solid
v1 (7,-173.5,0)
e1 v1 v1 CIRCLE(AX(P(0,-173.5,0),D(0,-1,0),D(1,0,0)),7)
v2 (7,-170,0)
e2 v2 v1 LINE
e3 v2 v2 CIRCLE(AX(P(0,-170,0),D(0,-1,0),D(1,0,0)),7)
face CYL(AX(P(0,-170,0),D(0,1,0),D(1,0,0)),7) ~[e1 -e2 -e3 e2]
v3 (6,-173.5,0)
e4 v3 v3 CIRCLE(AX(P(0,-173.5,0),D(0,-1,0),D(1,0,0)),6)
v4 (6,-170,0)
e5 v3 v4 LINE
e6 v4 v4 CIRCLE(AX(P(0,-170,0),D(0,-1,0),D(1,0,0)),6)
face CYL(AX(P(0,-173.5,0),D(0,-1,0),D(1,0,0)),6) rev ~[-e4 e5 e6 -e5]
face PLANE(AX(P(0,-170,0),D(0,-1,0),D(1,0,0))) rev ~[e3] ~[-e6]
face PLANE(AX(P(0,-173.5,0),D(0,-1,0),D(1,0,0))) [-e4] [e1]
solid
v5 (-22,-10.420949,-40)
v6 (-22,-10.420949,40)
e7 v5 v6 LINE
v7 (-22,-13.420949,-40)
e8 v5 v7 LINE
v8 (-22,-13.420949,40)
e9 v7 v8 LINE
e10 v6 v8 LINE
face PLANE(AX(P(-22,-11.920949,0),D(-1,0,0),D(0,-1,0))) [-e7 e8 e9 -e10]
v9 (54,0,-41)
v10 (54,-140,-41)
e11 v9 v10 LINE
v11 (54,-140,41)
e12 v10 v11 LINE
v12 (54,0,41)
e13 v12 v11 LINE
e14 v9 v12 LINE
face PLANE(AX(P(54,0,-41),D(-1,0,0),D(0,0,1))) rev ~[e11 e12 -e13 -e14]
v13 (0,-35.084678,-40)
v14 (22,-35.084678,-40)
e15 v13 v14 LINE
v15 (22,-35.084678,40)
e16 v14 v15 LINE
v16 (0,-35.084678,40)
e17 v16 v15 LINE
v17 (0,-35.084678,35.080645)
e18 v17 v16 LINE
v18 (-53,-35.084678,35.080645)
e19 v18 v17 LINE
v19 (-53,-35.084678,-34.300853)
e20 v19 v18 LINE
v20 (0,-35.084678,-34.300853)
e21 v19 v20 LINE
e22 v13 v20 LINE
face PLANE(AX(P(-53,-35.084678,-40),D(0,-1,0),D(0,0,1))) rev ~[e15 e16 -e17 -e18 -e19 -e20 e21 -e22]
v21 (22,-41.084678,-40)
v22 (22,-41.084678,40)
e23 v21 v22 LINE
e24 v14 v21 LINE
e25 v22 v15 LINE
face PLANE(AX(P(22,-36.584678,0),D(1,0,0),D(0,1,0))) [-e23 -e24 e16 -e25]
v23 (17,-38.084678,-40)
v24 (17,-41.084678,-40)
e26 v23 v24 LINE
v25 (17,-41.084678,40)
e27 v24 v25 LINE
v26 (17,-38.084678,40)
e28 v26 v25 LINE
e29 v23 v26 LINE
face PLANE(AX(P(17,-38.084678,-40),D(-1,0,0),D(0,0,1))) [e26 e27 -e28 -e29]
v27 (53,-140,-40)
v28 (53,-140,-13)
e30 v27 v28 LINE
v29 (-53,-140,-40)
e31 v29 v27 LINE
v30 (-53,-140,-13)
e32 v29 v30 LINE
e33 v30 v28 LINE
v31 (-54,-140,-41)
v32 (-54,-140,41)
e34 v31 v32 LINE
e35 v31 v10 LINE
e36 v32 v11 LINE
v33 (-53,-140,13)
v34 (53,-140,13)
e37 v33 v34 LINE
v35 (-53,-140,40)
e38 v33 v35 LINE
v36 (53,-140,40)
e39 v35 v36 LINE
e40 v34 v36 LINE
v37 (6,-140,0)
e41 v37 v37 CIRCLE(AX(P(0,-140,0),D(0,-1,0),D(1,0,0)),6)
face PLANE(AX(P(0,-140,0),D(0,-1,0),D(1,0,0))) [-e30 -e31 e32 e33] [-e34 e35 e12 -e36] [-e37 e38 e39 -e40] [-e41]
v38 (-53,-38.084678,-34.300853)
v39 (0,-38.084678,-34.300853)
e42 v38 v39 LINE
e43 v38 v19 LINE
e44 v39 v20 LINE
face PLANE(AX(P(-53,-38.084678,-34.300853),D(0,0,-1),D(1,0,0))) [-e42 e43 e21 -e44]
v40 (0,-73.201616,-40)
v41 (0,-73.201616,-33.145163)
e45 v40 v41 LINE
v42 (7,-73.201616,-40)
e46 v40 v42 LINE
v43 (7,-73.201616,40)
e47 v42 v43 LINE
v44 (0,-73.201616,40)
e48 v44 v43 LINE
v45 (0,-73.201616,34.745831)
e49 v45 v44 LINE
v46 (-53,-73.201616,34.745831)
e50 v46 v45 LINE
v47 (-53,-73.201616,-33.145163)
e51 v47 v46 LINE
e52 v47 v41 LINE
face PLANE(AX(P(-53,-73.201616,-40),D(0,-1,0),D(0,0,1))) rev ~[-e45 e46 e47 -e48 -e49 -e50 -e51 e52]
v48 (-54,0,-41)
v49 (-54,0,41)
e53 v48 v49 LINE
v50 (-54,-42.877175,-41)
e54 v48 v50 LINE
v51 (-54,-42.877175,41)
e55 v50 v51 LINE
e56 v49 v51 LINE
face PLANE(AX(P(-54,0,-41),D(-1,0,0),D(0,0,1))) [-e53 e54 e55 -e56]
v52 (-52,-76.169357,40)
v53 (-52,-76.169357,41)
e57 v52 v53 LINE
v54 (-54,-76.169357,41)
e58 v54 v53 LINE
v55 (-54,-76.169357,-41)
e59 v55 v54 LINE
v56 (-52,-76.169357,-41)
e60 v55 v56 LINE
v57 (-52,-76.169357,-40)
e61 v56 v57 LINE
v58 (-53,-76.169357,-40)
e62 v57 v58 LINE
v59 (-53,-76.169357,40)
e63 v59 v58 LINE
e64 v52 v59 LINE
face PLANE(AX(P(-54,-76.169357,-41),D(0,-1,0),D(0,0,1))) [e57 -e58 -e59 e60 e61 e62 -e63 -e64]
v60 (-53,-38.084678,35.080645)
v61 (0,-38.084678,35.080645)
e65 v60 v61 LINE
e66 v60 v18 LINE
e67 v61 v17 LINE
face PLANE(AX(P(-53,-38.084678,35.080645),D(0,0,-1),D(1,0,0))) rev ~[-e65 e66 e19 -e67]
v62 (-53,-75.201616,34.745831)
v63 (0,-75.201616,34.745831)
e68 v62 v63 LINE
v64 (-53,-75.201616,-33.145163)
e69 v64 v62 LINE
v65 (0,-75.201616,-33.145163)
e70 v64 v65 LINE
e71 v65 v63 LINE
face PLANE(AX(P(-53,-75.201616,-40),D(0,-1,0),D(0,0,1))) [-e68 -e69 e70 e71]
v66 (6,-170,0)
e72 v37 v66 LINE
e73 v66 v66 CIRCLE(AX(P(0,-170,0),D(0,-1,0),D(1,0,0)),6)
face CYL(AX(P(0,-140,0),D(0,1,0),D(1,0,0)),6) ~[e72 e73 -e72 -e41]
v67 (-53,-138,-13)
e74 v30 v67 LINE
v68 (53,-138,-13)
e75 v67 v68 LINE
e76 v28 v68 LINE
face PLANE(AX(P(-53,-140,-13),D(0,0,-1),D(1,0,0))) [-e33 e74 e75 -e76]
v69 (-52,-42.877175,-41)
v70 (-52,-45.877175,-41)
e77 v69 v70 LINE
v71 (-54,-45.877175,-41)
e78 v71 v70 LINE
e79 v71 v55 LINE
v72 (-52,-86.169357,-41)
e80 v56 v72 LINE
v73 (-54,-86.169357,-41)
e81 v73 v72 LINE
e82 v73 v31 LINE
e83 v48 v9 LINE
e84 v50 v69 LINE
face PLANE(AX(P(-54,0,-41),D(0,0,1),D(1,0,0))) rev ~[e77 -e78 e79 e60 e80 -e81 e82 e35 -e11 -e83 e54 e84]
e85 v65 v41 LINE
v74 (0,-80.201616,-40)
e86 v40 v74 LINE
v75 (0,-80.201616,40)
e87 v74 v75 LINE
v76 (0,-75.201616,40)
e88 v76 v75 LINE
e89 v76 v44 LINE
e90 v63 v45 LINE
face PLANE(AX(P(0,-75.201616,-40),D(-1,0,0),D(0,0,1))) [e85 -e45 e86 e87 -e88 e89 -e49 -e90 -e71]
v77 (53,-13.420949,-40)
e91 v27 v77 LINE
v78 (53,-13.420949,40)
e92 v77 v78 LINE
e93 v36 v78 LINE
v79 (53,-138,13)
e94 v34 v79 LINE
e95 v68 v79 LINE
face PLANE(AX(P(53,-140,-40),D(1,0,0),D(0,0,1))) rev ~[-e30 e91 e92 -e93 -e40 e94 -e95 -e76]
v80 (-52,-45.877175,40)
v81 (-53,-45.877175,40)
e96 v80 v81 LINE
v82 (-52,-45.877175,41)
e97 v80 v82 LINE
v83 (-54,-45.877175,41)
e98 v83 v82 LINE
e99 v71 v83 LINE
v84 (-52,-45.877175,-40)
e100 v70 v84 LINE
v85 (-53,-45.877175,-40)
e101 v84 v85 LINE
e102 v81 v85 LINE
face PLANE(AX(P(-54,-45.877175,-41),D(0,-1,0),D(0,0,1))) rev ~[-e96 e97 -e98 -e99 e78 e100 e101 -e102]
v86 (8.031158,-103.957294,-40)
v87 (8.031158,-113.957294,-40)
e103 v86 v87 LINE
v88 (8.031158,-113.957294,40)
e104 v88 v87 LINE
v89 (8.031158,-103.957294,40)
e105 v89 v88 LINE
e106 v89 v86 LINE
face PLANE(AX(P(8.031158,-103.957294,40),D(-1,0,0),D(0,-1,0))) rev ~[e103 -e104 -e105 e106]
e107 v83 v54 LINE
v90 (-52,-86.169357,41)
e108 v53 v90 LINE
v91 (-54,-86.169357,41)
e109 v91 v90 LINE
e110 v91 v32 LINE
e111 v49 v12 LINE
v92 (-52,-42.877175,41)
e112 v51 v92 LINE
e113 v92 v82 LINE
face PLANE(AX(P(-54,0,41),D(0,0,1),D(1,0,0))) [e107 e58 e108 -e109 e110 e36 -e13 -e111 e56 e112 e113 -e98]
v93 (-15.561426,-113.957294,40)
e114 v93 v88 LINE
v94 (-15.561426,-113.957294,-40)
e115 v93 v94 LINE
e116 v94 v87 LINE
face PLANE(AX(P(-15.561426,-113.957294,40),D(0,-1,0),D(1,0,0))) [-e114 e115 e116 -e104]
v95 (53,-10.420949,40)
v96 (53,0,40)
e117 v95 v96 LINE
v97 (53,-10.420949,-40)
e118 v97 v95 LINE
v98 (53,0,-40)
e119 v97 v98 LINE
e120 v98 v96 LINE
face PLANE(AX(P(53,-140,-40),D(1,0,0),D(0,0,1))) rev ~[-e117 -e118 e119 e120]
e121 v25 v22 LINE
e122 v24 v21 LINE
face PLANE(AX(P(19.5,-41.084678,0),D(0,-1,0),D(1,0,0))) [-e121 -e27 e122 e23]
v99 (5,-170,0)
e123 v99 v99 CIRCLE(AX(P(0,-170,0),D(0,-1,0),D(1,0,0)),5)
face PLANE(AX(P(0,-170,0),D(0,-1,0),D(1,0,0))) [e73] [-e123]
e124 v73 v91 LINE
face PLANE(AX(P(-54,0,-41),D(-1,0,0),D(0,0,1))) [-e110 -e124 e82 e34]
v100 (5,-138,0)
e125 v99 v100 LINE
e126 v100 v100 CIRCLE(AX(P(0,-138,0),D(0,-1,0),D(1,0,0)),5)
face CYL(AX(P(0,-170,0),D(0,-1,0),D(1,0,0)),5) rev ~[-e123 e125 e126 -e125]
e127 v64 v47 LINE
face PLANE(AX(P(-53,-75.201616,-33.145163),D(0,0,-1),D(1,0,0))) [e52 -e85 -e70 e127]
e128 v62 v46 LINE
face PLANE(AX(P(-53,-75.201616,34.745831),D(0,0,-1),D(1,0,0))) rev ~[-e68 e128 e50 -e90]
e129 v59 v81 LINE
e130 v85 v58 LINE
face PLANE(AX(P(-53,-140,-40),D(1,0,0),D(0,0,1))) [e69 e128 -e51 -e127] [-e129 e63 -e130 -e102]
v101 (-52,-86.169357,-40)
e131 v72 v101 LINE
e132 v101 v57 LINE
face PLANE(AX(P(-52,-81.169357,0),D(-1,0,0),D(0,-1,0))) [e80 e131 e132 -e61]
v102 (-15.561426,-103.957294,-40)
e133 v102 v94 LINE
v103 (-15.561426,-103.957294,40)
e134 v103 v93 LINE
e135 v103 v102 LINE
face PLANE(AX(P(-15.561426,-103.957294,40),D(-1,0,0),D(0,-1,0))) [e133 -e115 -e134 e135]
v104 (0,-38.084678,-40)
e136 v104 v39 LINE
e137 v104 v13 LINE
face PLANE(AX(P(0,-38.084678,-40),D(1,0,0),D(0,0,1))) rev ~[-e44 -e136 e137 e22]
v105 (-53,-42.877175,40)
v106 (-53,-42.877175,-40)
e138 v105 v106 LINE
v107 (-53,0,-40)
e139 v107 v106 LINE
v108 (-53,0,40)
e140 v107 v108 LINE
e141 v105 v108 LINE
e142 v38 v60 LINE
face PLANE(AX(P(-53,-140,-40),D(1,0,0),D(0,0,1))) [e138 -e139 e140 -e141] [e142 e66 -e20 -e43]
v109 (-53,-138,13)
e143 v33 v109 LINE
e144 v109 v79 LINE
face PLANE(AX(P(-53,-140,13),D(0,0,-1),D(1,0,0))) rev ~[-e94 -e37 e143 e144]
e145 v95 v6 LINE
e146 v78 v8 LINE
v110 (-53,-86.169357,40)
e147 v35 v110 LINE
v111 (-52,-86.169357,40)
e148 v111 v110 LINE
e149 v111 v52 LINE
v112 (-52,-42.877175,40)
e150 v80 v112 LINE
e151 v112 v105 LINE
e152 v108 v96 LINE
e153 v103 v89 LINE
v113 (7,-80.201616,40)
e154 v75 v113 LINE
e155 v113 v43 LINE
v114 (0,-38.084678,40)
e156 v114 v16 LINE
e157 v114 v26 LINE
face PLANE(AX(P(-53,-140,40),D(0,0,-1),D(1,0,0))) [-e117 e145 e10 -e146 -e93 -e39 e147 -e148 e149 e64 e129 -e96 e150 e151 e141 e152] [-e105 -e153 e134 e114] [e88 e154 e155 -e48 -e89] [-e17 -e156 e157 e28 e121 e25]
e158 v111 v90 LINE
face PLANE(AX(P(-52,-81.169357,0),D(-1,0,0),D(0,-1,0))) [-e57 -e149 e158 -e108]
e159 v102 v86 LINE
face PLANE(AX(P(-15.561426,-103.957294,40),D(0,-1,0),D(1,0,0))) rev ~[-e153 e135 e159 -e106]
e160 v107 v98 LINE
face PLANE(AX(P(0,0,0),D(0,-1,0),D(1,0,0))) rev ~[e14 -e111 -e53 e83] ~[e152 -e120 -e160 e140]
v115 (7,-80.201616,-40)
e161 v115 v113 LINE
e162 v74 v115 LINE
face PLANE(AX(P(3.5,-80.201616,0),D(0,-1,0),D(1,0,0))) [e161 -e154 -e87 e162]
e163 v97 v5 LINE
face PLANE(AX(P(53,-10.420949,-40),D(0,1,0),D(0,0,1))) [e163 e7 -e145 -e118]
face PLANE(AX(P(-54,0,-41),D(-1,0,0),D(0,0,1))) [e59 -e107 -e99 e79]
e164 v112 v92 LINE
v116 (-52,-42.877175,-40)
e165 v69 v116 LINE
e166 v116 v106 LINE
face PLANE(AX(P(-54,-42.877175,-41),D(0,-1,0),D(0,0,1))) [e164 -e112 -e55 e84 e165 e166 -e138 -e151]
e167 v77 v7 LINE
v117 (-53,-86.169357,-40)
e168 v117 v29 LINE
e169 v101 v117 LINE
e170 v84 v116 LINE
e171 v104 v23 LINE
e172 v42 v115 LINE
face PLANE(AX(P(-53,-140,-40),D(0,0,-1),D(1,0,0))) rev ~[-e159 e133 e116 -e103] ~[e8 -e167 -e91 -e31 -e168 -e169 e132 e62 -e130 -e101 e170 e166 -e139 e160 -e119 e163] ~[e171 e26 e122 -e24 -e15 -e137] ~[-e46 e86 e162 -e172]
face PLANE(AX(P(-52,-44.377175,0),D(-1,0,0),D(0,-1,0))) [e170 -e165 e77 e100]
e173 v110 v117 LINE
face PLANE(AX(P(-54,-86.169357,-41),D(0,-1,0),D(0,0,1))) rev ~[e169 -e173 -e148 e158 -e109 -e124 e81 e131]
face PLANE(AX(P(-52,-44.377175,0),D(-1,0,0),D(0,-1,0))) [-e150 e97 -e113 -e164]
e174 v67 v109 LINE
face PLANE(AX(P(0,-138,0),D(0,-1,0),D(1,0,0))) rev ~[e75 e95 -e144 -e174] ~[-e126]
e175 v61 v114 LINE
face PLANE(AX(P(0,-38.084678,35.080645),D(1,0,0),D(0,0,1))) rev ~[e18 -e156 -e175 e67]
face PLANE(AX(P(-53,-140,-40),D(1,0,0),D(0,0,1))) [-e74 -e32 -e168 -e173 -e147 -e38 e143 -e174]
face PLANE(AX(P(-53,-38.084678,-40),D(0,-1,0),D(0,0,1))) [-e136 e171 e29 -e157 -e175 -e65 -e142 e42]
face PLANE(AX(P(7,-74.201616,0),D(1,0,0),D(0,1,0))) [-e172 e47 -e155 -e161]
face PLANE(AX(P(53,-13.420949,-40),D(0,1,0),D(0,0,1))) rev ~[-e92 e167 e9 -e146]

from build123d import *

# Parameters (mm, degrees)
F0_W      = 108
F0_H      = 82
F1_DEPTH  = 140
F2_W      = 106
F2_H      = 80
F3_DEPTH  = 140
F4_W      = 2
F4_H      = 80
F5_DEPTH  = 60
F6_W      = 7
F6_H      = 80
F7_DEPTH  = 5
F8_W      = 53
F8_H      = 5.2541689575
F9_DEPTH  = 5
F10_W     = 53
F10_H     = 6.8548367918
F11_DEPTH = 25
F12_W     = 10
F12_H     = 82
F13_DEPTH = 2
F14_W     = 3
F14_H     = 80
F15_DEPTH = 75
F16_W     = 5
F16_H     = 80
F17_DEPTH = 3
F18_W     = 3
F18_H     = 82
F19_DEPTH = 2
F20_W     = 53
F20_H     = 5.699147433
F20_H_2   = 4.9193547666
F21_DEPTH = 25
F22_W     = 3
F22_H     = 80
F23_DEPTH = 75
F24_W     = 23.5925841301
F24_H     = 10
F25_DEPTH = 80
F26_W     = 106
F26_H     = 26
F27_DEPTH = 2
F28_R     = 6
F29_DEPTH = 30
F30_R     = 5
F31_DEPTH = 40
F32_R     = 7
F33_DEPTH = 3.5
F34_R     = 6
F35_DEPTH = 3.5


with BuildPart() as f1:
    # F0 (on Front) → F1 (new body)
    with BuildSketch(Plane.XZ):
        Rectangle(F0_W, F0_H)
    extrude(amount=F1_DEPTH)

    # F2 (on face) → F3 (cut, through all)
    with BuildSketch(Plane.XZ.offset(140)):
        Rectangle(F2_W, F2_H)
    extrude(amount=-F3_DEPTH, mode=Mode.SUBTRACT)

    # F4 (on face) → F5 (join)
    with BuildSketch(Plane.YZ.offset(-53)):
        with Locations((-74.2016156912, 0)):
            Rectangle(F4_W, F4_H)
    extrude(amount=F5_DEPTH)

    # F6 (on face) → F7 (join)
    with BuildSketch(Plane.XZ.offset(75.2016156912)):
        with Locations((3.5, 0)):
            Rectangle(F6_W, F6_H)
    extrude(amount=F7_DEPTH)

    # F8 (on face) → F9 (cut)
    with BuildSketch(Plane.XZ.offset(75.2016156912)):
        with Locations((-26.5, 37.3729155213)):
            Rectangle(F8_W, F8_H)
    extrude(amount=-F9_DEPTH, mode=Mode.SUBTRACT)

    # F10 (on face) → F11 (cut)
    with BuildSketch(Plane.XZ.offset(75.2016156912)):
        with Locations((-26.5, -36.5725816041)):
            Rectangle(F10_W, F10_H)
    extrude(amount=-F11_DEPTH, mode=Mode.SUBTRACT)

    # F12 (on face) → F13 (cut)
    with BuildSketch(Plane(origin=(-54, 0, 0), x_dir=(0, -1, 0), z_dir=(-1, 0, 0))):
        with Locations((81.1693567038, 0)):
            Rectangle(F12_W, F12_H)
    extrude(amount=-F13_DEPTH, mode=Mode.SUBTRACT)

    # F14 (on face) → F15 (join)
    with BuildSketch(Plane.YZ.offset(-53)):
        with Locations((-36.5846783519, 0)):
            Rectangle(F14_W, F14_H)
    extrude(amount=F15_DEPTH)

    # F16 (on face) → F17 (join)
    with BuildSketch(Plane.XZ.offset(38.0846783519)):
        with Locations((19.5, 0)):
            Rectangle(F16_W, F16_H)
    extrude(amount=F17_DEPTH)

    # F18 (on face) → F19 (cut)
    with BuildSketch(Plane(origin=(-54, 0, 0), x_dir=(0, -1, 0), z_dir=(-1, 0, 0))):
        with Locations((44.3771749139, 0)):
            Rectangle(F18_W, F18_H)
    extrude(amount=-F19_DEPTH, mode=Mode.SUBTRACT)

    # F20 (on face) → F21 (cut)
    with BuildSketch(Plane.XZ.offset(38.0846783519)):
        with Locations((-26.5, -37.1504262835)):
            Rectangle(F20_W, F20_H)
        with Locations((-26.5, 37.5403226167)):
            Rectangle(F20_W, F20_H_2)
    extrude(amount=-F21_DEPTH, mode=Mode.SUBTRACT)

    # F22 (on face) → F23 (join)
    with BuildSketch(Plane(origin=(53, 0, 0), x_dir=(0, -1, 0), z_dir=(-1, 0, 0))):
        with Locations((11.9209491983, 0)):
            Rectangle(F22_W, F22_H)
    extrude(amount=F23_DEPTH)

    # F24 (on face) → F25 (join, through all)
    with BuildSketch(Plane(origin=(0, 0, 40), x_dir=(1, 0, 0), z_dir=(0, 0, -1))):
        with Locations((-3.7651341408, 108.9572943747)):
            Rectangle(F24_W, F24_H)
    extrude(amount=F25_DEPTH)

    # F26 (on face) → F27 (join)
    with BuildSketch(Plane.XZ.offset(140)):
        Rectangle(F26_W, F26_H)
    extrude(amount=-F27_DEPTH)

    # F28 (on face) → F29 (join)
    with BuildSketch(Plane.XZ.offset(140)):
        Circle(F28_R)
    extrude(amount=F29_DEPTH)

    # F30 (on face) → F31 (cut)
    with BuildSketch(Plane.XZ.offset(170)):
        Circle(F30_R)
    extrude(amount=-F31_DEPTH, mode=Mode.SUBTRACT)

    # F32 (on face) → F33 (join)
    with BuildSketch(Plane.XZ.offset(170)):
        Circle(F32_R)
    extrude(amount=F33_DEPTH)

    # F34 (on face) → F35 (cut)
    with BuildSketch(Plane.XZ.offset(173.5)):
        Circle(F34_R)
    extrude(amount=-F35_DEPTH, mode=Mode.SUBTRACT)


solid = f1.part
